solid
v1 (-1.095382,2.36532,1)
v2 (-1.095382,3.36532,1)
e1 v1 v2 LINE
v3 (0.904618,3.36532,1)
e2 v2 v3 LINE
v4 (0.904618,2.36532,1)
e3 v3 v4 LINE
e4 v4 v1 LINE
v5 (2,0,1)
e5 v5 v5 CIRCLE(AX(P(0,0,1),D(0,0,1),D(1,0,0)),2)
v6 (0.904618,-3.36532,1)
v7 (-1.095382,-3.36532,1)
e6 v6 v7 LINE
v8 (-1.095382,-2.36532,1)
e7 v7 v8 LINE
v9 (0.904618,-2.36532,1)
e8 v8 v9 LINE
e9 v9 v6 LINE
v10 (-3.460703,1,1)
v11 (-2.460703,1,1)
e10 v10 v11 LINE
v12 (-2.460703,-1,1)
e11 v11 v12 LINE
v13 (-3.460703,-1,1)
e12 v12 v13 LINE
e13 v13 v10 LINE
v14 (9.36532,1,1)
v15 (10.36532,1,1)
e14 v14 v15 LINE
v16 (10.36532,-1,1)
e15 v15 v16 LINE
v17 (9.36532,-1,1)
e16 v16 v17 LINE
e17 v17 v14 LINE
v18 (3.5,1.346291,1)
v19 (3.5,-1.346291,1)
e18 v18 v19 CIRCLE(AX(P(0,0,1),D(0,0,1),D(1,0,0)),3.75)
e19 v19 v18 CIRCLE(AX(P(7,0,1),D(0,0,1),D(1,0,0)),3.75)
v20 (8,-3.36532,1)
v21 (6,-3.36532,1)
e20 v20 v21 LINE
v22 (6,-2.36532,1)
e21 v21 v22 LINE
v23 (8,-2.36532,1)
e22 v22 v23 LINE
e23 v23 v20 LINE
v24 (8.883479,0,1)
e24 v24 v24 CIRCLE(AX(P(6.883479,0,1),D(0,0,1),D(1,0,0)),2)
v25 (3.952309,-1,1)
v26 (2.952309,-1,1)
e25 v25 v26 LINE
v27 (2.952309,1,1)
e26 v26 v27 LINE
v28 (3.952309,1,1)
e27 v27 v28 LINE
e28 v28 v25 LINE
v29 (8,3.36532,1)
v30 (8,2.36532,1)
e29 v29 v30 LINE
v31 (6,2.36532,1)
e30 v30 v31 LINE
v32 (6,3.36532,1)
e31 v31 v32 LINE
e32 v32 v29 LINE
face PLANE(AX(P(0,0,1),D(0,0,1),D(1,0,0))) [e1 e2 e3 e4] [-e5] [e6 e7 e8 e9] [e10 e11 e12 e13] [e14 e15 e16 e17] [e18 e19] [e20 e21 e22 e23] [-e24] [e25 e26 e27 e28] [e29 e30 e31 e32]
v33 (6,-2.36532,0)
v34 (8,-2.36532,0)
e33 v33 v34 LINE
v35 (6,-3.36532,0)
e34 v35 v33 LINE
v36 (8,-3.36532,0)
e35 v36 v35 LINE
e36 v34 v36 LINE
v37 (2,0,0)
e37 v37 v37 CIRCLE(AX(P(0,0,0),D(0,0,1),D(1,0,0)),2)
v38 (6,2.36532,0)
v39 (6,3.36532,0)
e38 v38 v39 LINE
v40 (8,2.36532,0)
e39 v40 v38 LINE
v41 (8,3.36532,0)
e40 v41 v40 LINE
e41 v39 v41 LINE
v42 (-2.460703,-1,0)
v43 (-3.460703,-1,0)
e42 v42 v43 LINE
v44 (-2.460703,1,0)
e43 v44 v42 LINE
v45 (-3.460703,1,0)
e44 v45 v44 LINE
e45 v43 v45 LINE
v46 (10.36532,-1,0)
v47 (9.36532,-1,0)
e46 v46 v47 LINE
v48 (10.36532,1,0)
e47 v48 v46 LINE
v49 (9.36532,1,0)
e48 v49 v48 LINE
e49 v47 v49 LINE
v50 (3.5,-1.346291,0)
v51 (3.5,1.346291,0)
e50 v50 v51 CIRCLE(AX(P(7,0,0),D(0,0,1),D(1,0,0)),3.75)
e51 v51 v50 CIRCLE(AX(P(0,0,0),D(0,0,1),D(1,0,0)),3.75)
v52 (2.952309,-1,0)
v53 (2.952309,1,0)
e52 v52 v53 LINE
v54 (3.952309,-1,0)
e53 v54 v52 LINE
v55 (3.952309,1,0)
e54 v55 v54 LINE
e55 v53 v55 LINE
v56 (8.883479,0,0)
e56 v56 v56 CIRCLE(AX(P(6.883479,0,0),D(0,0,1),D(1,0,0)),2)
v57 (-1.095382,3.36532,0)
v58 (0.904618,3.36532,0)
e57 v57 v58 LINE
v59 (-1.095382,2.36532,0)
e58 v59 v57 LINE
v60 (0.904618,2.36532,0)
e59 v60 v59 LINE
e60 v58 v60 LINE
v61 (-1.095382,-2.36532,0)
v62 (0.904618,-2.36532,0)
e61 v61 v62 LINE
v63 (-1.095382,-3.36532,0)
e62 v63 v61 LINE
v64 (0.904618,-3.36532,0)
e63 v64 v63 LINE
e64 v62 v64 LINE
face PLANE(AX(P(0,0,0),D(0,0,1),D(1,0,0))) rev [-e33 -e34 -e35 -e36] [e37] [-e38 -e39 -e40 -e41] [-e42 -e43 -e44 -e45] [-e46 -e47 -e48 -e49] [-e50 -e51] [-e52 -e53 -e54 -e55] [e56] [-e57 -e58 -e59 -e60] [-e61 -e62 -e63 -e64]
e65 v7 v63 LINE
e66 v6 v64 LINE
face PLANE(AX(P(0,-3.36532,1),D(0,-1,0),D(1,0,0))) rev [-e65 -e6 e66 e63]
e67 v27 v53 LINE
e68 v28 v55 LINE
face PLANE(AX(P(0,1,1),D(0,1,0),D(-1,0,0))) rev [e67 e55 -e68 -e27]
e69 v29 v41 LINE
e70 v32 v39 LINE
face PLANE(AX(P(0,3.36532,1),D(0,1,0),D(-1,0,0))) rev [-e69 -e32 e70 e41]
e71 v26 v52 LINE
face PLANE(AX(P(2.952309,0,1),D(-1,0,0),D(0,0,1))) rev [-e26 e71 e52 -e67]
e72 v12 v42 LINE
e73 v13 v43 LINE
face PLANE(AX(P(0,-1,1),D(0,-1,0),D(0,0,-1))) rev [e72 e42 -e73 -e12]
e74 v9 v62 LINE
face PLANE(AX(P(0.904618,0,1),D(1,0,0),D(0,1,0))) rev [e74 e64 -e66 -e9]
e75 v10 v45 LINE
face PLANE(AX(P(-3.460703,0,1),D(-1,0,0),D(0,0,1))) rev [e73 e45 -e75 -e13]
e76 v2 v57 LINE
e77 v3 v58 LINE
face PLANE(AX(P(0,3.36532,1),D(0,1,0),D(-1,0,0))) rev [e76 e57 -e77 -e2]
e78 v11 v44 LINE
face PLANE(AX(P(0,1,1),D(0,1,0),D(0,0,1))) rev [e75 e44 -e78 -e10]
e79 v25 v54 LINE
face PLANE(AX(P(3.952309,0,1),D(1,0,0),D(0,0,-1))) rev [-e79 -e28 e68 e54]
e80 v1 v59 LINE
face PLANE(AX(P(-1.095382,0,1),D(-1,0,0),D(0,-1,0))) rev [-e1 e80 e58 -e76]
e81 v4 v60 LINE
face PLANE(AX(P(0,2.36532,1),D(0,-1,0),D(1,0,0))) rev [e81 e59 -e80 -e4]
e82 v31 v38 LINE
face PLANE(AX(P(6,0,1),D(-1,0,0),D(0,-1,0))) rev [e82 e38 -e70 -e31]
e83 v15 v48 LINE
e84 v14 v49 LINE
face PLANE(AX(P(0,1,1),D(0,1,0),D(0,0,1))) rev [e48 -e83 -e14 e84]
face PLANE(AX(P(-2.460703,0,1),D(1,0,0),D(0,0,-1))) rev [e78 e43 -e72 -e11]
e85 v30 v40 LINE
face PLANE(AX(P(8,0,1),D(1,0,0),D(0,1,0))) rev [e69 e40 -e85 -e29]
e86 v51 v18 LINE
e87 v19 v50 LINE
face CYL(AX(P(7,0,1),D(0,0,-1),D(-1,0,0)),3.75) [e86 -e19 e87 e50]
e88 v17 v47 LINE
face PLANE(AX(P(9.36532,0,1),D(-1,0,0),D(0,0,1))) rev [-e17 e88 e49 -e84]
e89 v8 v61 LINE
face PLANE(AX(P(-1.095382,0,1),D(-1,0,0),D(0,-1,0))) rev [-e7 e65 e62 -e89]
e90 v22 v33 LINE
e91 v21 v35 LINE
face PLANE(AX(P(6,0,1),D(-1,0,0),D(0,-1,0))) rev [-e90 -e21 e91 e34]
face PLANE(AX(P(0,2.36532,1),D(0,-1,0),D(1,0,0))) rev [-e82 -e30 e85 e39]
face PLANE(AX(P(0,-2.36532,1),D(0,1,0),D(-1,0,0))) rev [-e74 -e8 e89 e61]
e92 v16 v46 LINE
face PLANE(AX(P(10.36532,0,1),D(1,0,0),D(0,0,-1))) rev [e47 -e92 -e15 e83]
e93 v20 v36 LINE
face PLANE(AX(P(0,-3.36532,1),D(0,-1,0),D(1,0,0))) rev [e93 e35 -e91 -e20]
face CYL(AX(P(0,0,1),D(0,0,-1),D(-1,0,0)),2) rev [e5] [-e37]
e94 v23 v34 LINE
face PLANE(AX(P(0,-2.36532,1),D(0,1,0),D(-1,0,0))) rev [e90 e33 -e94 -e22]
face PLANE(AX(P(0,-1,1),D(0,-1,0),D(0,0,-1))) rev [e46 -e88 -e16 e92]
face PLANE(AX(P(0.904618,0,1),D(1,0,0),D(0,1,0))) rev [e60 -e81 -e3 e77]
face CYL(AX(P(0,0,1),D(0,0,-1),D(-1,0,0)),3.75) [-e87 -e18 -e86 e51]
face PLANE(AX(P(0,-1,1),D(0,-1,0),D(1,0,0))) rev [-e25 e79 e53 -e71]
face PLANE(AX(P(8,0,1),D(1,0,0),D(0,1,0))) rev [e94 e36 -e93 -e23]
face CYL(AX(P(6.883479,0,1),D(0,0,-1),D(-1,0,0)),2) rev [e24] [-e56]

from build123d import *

# Parameters (mm, degrees)
SKETCH1_R           = 3.75
BOSS_EXTRUDE1_DEPTH = 1
SKETCH2_R           = 2
CUT_EXTRUDE3_DEPTH  = 1
SKETCH3_W           = 2
SKETCH3_H           = 1
SKETCH3_W_2         = 1
SKETCH3_H_2         = 2
CUT_EXTRUDE4_DEPTH  = 1


with BuildPart() as part:
    # Sketch1 → Boss-Extrude1 (new body)
    with BuildSketch(Plane.XY):
        Circle(SKETCH1_R)
        with Locations((7, 0)):
            Circle(SKETCH1_R)
    extrude(amount=BOSS_EXTRUDE1_DEPTH)

    # Sketch2 → Cut-Extrude3 (cut)
    with BuildSketch(Plane.XY):
        Circle(SKETCH2_R)
        with Locations((6.883478598, 0)):
            Circle(SKETCH2_R)
    extrude(amount=CUT_EXTRUDE3_DEPTH, mode=Mode.SUBTRACT)

    # Sketch3 → Cut-Extrude4 (cut)
    with BuildSketch(Plane.XY):
        with Locations((7, -2.86532029)):
            Rectangle(SKETCH3_W, SKETCH3_H)
        with Locations((9.86532029, 0)):
            Rectangle(SKETCH3_W_2, SKETCH3_H_2)
        with Locations((7, 2.86532029)):
            Rectangle(SKETCH3_W, SKETCH3_H)
        with Locations((-0.095382463, -2.86532029)):
            Rectangle(SKETCH3_W, SKETCH3_H)
        with Locations((-0.095382463, 2.86532029)):
            Rectangle(SKETCH3_W, SKETCH3_H)
        with Locations((-2.960702753, 0)):
            Rectangle(SKETCH3_W_2, SKETCH3_H_2)
        with Locations((3.452308768, 0)):
            Rectangle(SKETCH3_W_2, SKETCH3_H_2)
    extrude(amount=CUT_EXTRUDE4_DEPTH, mode=Mode.SUBTRACT)


solid = part.part
